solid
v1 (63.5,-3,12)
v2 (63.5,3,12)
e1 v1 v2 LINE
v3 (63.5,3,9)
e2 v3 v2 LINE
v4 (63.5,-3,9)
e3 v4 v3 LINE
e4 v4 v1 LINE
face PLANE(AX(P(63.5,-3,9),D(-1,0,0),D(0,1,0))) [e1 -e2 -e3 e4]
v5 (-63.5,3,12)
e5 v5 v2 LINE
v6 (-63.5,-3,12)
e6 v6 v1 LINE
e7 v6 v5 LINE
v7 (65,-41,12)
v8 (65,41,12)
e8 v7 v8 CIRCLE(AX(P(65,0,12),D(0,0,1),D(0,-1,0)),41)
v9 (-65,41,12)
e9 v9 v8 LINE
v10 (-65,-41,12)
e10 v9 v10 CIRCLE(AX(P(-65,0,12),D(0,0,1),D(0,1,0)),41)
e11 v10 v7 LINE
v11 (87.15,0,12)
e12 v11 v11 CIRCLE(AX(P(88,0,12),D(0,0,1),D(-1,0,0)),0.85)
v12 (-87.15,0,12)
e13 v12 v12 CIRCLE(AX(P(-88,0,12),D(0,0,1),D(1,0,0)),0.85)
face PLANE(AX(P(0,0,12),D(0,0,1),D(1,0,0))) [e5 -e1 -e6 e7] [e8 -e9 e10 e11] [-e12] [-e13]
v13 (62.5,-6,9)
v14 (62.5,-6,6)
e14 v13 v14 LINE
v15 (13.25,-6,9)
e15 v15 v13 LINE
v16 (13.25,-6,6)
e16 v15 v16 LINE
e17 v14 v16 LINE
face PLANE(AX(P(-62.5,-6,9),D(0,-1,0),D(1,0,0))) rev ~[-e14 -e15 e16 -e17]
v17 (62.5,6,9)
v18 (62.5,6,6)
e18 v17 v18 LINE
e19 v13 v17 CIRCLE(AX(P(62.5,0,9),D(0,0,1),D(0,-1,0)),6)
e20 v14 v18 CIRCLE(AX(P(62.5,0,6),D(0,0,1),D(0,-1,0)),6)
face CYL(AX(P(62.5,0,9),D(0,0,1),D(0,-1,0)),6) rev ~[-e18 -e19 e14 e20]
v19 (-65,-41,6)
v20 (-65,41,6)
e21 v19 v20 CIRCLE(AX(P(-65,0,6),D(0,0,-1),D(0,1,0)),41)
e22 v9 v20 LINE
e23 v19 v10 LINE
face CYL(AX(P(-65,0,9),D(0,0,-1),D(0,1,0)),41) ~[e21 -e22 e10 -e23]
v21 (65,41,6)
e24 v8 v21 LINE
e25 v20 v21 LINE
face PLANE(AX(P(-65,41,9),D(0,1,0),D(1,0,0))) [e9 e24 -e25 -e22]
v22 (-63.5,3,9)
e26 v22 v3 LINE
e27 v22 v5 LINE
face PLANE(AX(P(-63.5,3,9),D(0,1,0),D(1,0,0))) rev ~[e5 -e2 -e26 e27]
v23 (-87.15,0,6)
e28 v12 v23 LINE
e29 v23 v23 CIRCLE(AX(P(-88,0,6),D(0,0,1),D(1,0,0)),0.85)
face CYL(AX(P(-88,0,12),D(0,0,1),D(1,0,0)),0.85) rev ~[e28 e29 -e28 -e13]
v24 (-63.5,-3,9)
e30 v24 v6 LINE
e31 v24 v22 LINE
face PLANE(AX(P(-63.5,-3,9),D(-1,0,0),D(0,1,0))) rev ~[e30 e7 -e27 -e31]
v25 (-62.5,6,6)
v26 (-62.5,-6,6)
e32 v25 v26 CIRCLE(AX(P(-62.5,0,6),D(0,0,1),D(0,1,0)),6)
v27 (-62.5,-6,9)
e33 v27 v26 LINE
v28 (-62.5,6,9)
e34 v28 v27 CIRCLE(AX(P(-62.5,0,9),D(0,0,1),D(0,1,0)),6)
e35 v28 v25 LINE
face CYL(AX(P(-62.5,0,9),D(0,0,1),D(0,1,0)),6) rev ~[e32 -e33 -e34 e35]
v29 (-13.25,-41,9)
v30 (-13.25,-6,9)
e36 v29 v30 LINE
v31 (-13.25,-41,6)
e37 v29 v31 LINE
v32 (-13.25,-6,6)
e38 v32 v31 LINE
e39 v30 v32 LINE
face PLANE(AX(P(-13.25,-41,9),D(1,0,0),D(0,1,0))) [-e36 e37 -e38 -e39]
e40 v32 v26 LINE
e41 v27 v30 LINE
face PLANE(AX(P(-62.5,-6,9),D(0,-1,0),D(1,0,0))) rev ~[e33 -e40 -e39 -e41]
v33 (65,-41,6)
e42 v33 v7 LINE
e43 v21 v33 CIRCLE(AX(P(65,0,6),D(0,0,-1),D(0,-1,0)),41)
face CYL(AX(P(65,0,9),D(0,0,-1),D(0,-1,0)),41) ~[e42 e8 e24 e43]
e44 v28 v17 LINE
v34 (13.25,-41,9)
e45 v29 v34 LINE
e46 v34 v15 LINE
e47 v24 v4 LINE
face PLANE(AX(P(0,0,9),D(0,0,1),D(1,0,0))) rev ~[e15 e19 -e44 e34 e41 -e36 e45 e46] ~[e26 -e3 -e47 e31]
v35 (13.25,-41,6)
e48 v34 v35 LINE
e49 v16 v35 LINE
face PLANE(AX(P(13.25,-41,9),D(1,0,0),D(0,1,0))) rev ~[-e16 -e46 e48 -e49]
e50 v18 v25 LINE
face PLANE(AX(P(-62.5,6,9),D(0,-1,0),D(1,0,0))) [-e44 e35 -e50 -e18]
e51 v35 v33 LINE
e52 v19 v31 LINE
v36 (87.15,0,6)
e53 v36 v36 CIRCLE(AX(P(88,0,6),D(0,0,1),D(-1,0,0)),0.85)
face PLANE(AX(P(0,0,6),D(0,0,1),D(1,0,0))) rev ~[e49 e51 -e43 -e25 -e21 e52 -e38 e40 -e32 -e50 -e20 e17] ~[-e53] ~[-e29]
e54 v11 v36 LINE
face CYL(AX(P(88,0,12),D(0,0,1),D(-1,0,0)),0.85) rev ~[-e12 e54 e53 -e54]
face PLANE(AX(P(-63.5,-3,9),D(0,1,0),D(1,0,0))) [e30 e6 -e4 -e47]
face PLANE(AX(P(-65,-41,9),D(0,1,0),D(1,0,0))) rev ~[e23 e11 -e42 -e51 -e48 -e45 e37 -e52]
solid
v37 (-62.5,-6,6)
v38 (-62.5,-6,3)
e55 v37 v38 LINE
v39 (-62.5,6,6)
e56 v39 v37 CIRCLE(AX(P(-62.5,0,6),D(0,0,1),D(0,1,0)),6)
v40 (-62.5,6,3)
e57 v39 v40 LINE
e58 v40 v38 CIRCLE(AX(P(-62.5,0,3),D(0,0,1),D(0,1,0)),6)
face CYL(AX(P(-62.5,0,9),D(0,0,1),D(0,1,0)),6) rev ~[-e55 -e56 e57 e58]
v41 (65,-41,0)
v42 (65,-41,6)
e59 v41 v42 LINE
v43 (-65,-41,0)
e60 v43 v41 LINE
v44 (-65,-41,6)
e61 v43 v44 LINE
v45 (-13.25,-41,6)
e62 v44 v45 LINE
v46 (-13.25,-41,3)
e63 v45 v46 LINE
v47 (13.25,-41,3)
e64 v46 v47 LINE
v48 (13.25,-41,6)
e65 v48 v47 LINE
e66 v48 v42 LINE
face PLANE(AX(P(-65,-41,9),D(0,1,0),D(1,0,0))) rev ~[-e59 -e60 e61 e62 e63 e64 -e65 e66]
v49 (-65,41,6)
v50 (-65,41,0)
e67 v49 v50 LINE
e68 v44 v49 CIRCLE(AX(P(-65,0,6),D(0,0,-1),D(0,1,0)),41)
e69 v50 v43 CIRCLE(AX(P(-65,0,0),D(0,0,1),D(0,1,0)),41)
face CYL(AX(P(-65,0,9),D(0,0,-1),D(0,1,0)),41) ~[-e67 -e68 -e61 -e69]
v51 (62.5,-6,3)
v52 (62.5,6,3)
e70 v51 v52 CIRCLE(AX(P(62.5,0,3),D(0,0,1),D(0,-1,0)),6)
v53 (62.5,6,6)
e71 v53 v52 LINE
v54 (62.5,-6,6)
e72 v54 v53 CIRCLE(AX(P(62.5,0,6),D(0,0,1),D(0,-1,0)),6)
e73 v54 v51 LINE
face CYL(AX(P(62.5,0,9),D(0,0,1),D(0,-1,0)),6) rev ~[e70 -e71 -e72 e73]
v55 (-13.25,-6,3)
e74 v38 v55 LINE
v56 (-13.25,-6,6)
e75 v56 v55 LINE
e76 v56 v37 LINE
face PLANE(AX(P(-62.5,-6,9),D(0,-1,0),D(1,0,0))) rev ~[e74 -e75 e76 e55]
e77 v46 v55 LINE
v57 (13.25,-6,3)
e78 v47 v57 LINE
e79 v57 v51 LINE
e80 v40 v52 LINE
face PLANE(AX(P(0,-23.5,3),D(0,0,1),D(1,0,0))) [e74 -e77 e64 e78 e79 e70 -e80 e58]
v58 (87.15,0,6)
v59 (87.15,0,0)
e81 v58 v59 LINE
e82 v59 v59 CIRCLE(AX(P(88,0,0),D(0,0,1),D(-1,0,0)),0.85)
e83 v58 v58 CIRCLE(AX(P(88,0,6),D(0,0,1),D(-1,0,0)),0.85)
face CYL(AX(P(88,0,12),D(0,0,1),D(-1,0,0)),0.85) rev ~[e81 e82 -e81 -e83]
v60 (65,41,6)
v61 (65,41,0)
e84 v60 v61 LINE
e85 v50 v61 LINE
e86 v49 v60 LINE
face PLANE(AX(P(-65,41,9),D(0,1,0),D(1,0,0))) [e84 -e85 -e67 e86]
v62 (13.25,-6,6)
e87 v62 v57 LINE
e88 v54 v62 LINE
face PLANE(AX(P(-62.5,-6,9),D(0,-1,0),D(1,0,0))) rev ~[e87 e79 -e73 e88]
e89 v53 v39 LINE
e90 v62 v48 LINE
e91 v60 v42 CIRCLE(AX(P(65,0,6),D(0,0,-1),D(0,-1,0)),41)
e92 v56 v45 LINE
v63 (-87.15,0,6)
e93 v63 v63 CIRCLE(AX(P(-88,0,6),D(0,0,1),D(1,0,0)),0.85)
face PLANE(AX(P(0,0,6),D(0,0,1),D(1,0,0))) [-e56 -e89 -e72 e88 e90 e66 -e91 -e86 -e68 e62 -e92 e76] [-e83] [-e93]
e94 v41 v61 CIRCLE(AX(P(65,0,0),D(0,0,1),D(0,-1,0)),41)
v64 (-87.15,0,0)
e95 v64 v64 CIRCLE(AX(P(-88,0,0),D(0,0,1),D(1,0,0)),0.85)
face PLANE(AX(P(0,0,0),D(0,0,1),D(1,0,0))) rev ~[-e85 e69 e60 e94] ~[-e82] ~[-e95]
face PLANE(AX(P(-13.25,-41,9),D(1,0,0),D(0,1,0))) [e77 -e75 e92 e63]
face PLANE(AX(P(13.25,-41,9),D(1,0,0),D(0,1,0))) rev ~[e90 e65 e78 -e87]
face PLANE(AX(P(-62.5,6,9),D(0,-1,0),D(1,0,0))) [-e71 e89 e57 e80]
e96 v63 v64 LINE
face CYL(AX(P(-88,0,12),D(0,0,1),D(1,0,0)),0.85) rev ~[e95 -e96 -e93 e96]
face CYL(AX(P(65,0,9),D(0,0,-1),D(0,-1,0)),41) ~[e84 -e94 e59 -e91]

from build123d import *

# Parameters (mm, degrees)
BOX_BOTTOM_HALF_0_W     = 214
BOX_BOTTOM_HALF_0_H     = 84
BOX_BOTTOM_HALF_0_DEPTH = 7
PAD_DEPTH               = 9
POCKET_DEPTH            = 6
SKETCH002_W             = 26.5
SKETCH002_H             = 35
POCKET001_DEPTH         = 6
SKETCH003_W             = 127
SKETCH003_H             = 6
PAD001_DEPTH            = 3
SKETCH004_R             = 0.85
POCKET002_DEPTH         = 467.245989
POLARPATTERN_COUNT      = 2


with BuildPart() as box_bottom_half_0_body:
    # box_bottom_half_0 → box_bottom_half_0 (new body)
    with BuildSketch(Plane(origin=(-107, -42, -1), x_dir=(1, 0, 0), z_dir=(0, 0, 1))):
        with Locations((107, 42)):
            Rectangle(BOX_BOTTOM_HALF_0_W, BOX_BOTTOM_HALF_0_H)
    extrude(amount=BOX_BOTTOM_HALF_0_DEPTH)


with BuildPart() as body:
    # Sketch → Pad (new body)
    with BuildSketch(Plane.XY):
        with BuildLine():
            ThreePointArc((-65, 41), (-106, 0), (-65, -41))
            Line((-65, -41), (65, -41))
            ThreePointArc((65, -41), (106, 0), (65, 41))
            Line((-65, 41), (65, 41))
        make_face()
    extrude(amount=PAD_DEPTH)

    # Sketch001 (on Face6 of Pad) → Pocket (cut)
    with BuildSketch(Plane.XY.offset(9)):
        with BuildLine():
            ThreePointArc((-62.5, 6), (-68.5, 0), (-62.5, -6))
            Line((-62.5, -6), (62.5, -6))
            ThreePointArc((62.5, -6), (68.5, 0), (62.5, 6))
            Line((-62.5, 6), (62.5, 6))
        make_face()
    extrude(amount=-POCKET_DEPTH, mode=Mode.SUBTRACT)

    # Sketch002 (on Face5 of Pocket) → Pocket001 (cut)
    with BuildSketch(Plane.XY.offset(9)):
        with Locations((0, -23.5)):
            Rectangle(SKETCH002_W, SKETCH002_H)
    extrude(amount=-POCKET001_DEPTH, mode=Mode.SUBTRACT)

    # Sketch003 (on Face5 of Pocket001) → Pad001 (join)
    with BuildSketch(Plane.XY.offset(9)):
        with BuildLine():
            ThreePointArc((-65, 41), (-106, 0), (-65, -41))
            Line((-65, -41), (65, -41))
            ThreePointArc((65, -41), (106, 0), (65, 41))
            Line((-65, 41), (65, 41))
        make_face()
        Rectangle(SKETCH003_W, SKETCH003_H, mode=Mode.SUBTRACT)
    extrude(amount=PAD001_DEPTH)

    # Sketch004 (on Face12 of Pad001) → Pocket002 (cut, through all)
    with BuildSketch(Plane.XY.offset(12)):
        with Locations((-88, 0)):
            Circle(SKETCH004_R)
    pocket002 = extrude(amount=-POCKET002_DEPTH, mode=Mode.SUBTRACT)

    # PolarPattern: Pocket002 ×2 about axis
    polarpattern_axis = Axis((0, 0, 12), (0, 0, 1))
    for i in range(1, POLARPATTERN_COUNT):
        add(pocket002.rotate(polarpattern_axis, i * 360 / POLARPATTERN_COUNT), mode=Mode.SUBTRACT)


with BuildPart() as bottom_half_0_body:
    # bottom_half_0 base: copy of Body
    add(body.part)

    # bottom_half_0: intersect box_bottom_half_0 body
    add(box_bottom_half_0_body.part, mode=Mode.INTERSECT)


with BuildPart() as top_half_0_body:
    # top_half_0 base: copy of Body
    add(body.part)

    # top_half_0: cut box_bottom_half_0 body
    add(box_bottom_half_0_body.part, mode=Mode.SUBTRACT)


solid = Compound([bottom_half_0_body.part, top_half_0_body.part])
